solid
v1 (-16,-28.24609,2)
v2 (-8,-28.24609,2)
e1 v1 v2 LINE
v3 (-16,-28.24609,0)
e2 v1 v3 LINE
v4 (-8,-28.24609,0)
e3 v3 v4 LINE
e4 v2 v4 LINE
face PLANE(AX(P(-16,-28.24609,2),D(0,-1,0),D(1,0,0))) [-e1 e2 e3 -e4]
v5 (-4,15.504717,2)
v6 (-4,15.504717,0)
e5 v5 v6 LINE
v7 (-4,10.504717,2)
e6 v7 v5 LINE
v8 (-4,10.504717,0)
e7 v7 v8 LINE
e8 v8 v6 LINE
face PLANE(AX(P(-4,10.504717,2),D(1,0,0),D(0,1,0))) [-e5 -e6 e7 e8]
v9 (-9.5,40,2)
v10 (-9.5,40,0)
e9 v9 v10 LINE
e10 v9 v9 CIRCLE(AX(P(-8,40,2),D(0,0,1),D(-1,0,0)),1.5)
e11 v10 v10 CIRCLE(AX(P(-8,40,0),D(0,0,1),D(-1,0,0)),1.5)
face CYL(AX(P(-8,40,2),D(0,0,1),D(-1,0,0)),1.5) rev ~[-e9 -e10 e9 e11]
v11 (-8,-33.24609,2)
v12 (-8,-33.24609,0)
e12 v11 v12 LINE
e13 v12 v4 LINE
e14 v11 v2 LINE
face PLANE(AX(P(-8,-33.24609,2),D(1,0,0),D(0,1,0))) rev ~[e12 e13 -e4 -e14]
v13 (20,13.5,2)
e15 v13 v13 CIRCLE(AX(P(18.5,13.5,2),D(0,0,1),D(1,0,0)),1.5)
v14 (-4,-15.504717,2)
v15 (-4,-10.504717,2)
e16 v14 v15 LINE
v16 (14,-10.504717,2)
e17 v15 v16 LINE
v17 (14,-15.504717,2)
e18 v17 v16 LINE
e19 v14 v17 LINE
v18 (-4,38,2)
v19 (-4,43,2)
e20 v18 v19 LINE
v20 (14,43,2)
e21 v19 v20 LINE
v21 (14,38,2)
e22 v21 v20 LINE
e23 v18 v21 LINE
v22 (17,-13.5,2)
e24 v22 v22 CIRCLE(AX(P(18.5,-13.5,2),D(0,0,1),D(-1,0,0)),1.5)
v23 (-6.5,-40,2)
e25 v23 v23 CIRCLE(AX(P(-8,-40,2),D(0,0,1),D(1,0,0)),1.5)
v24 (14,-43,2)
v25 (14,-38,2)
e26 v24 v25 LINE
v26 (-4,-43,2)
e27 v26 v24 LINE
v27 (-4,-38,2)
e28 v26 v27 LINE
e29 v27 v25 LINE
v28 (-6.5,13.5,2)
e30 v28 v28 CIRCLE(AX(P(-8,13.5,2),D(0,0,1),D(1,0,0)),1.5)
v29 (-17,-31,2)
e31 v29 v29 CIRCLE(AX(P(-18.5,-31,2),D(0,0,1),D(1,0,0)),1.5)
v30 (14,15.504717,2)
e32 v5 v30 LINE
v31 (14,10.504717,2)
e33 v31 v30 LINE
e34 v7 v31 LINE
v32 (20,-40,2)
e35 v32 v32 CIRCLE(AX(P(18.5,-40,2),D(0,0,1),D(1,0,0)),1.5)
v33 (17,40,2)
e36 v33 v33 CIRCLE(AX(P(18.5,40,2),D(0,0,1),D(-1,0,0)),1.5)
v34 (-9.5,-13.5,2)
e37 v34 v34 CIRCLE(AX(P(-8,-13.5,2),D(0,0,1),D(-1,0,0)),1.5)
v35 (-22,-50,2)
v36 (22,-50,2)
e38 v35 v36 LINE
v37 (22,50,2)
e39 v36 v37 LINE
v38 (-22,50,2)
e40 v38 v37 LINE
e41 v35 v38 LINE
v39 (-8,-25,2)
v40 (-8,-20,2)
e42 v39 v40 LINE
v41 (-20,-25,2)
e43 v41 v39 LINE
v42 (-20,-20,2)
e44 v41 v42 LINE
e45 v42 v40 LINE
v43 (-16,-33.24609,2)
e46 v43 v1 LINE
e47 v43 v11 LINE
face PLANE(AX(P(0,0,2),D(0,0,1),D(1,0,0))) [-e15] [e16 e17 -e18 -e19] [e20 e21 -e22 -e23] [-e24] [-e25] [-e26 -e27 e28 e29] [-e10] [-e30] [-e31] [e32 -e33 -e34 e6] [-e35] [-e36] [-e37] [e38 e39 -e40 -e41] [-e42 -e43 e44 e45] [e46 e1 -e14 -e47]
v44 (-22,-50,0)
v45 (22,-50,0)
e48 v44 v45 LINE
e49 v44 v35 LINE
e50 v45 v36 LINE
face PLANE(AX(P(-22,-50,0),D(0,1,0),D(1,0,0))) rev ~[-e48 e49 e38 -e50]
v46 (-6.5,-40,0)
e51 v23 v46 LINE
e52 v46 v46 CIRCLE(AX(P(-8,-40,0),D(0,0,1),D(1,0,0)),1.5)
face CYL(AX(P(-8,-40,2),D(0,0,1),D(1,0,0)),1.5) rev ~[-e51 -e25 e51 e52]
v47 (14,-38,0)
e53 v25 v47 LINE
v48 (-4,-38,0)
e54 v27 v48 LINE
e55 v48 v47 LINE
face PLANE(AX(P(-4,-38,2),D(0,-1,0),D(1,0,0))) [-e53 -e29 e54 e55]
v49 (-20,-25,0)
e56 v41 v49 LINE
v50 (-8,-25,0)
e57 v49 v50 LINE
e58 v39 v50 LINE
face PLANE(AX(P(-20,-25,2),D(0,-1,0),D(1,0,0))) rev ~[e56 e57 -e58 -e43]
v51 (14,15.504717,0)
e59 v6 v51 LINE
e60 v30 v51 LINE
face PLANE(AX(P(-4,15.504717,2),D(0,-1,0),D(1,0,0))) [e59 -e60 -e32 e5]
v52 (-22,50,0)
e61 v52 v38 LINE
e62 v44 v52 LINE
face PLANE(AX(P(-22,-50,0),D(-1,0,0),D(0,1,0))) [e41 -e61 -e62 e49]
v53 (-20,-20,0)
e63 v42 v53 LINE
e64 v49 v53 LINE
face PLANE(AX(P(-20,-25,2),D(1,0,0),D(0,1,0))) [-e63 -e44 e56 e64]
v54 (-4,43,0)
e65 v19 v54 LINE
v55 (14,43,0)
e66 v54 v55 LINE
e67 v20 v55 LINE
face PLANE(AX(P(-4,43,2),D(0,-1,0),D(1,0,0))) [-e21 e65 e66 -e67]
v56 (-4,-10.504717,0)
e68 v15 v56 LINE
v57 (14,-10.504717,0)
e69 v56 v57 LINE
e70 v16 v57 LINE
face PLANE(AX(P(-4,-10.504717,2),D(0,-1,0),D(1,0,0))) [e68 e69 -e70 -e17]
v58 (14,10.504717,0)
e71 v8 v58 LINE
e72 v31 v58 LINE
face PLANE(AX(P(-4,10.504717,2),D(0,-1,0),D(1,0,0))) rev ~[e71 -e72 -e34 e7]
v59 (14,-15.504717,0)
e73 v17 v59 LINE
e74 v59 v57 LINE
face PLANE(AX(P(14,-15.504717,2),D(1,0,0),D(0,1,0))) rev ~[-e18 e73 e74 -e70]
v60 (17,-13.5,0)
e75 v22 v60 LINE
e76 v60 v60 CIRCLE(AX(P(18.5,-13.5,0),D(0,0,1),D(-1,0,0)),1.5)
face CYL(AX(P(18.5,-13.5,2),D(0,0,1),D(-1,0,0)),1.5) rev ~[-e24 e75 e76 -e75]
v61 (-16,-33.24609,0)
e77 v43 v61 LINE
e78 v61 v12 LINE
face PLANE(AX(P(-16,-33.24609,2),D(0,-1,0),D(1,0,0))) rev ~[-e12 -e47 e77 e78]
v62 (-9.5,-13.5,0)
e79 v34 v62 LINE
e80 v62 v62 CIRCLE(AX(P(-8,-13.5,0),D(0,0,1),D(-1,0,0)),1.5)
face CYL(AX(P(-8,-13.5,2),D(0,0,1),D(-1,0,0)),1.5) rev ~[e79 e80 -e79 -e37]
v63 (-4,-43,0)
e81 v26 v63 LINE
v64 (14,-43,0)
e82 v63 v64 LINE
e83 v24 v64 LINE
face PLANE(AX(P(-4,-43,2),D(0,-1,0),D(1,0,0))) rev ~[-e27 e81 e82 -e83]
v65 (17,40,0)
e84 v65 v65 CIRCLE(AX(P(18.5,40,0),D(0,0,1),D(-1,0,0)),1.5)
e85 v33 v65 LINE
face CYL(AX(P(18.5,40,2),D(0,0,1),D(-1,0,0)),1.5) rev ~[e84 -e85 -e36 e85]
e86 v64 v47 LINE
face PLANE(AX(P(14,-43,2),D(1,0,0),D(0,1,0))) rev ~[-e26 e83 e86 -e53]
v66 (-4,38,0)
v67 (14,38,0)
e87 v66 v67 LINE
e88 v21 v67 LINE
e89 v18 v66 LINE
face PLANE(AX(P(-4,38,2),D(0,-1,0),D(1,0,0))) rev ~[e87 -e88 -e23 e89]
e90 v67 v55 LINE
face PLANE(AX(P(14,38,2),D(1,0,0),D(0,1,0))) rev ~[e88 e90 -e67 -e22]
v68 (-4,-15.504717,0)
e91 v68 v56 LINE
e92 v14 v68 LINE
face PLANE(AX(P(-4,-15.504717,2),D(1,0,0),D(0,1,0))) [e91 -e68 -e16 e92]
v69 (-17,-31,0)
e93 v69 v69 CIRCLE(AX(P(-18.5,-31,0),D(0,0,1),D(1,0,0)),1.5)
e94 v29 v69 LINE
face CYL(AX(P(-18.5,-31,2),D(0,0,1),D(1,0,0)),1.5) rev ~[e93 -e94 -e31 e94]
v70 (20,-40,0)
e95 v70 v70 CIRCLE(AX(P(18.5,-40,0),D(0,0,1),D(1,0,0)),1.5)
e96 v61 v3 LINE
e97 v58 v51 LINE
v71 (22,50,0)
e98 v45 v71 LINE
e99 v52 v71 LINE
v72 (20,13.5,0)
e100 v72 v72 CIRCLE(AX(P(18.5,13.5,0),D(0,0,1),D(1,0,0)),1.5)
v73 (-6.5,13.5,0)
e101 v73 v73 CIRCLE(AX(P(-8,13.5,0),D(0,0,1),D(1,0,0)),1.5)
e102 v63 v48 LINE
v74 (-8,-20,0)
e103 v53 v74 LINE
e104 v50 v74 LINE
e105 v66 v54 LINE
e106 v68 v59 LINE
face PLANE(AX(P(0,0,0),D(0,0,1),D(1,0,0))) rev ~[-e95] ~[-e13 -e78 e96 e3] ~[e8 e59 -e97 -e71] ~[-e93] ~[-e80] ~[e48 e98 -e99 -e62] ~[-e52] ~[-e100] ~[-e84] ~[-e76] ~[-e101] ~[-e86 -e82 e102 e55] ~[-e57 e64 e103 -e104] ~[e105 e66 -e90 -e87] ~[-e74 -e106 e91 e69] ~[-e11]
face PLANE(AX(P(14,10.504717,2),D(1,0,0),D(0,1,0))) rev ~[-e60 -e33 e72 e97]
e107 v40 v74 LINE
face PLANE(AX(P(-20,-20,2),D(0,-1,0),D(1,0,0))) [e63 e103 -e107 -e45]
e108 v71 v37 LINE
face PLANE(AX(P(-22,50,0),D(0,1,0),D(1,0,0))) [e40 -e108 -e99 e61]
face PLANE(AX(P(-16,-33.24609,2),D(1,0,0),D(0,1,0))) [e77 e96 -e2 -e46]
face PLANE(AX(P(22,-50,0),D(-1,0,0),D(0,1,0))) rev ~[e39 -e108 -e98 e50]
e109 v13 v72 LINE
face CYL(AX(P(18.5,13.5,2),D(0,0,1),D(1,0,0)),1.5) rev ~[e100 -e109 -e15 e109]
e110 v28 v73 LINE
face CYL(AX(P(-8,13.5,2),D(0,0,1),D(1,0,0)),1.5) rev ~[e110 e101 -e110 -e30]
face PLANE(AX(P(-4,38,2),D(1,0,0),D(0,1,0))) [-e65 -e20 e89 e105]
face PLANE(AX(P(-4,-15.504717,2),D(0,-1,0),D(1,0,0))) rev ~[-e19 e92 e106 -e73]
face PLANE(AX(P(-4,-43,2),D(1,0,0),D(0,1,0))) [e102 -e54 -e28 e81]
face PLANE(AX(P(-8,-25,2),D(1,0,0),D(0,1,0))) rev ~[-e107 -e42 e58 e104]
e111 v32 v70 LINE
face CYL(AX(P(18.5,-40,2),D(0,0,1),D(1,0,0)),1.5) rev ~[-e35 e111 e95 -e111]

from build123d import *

# Parameters (mm, degrees)
SKETCH1_W           = 44
SKETCH1_H           = 100
BOSS_EXTRUDE1_DEPTH = 2
SKETCH2_R           = 1.5
CUT_EXTRUDE1_DEPTH  = 2
SKETCH3_W           = 18
SKETCH3_H           = 5
CUT_EXTRUDE2_DEPTH  = 10
SKETCH4_R           = 1.5
SKETCH4_W           = 12
SKETCH4_H           = 5
SKETCH4_W_2         = 8
CUT_EXTRUDE3_DEPTH  = 55.662601475


with BuildPart() as part:
    # Sketch1 → Boss-Extrude1 (new body)
    with BuildSketch(Plane.XY):
        Rectangle(SKETCH1_W, SKETCH1_H)
    extrude(amount=BOSS_EXTRUDE1_DEPTH)

    # Sketch2 → Cut-Extrude1 (cut)
    with BuildSketch(Plane.XY.offset(2)):
        with Locations((-8, -40)):
            Circle(SKETCH2_R)
        with Locations((18.5, -40)):
            Circle(SKETCH2_R)
        with Locations(Location((18.5, -13.5, 0), (0, 0, 180))):
            Circle(SKETCH2_R)
        with Locations(Location((-8, -13.5, 0), (0, 0, 180))):
            Circle(SKETCH2_R)
        with Locations(Location((18.5, 40, 0), (0, 0, 180))):
            Circle(SKETCH2_R)
        with Locations(Location((-8, 40, 0), (0, 0, 180))):
            Circle(SKETCH2_R)
        with Locations((18.5, 13.5)):
            Circle(SKETCH2_R)
        with Locations((-8, 13.5)):
            Circle(SKETCH2_R)
    extrude(amount=-CUT_EXTRUDE1_DEPTH, mode=Mode.SUBTRACT)

    # Sketch3 → Cut-Extrude2 (cut)
    with BuildSketch(Plane.XY.offset(2)):
        with Locations((5, 40.5)):
            Rectangle(SKETCH3_W, SKETCH3_H)
        with Locations((5, 13.004717401)):
            Rectangle(SKETCH3_W, SKETCH3_H)
        with Locations((5, -13.004717401)):
            Rectangle(SKETCH3_W, SKETCH3_H)
        with Locations((5, -40.5)):
            Rectangle(SKETCH3_W, SKETCH3_H)
    extrude(amount=-CUT_EXTRUDE2_DEPTH, mode=Mode.SUBTRACT)

    # Sketch4 → Cut-Extrude3 (cut, through all)
    with BuildSketch(Plane.XY.offset(2)):
        with Locations((-18.5, -31)):
            Circle(SKETCH4_R)
        with Locations((-14, -22.5)):
            Rectangle(SKETCH4_W, SKETCH4_H)
        with Locations((-12, -30.746090286)):
            Rectangle(SKETCH4_W_2, SKETCH4_H)
    extrude(amount=-CUT_EXTRUDE3_DEPTH, mode=Mode.SUBTRACT)


solid = part.part
